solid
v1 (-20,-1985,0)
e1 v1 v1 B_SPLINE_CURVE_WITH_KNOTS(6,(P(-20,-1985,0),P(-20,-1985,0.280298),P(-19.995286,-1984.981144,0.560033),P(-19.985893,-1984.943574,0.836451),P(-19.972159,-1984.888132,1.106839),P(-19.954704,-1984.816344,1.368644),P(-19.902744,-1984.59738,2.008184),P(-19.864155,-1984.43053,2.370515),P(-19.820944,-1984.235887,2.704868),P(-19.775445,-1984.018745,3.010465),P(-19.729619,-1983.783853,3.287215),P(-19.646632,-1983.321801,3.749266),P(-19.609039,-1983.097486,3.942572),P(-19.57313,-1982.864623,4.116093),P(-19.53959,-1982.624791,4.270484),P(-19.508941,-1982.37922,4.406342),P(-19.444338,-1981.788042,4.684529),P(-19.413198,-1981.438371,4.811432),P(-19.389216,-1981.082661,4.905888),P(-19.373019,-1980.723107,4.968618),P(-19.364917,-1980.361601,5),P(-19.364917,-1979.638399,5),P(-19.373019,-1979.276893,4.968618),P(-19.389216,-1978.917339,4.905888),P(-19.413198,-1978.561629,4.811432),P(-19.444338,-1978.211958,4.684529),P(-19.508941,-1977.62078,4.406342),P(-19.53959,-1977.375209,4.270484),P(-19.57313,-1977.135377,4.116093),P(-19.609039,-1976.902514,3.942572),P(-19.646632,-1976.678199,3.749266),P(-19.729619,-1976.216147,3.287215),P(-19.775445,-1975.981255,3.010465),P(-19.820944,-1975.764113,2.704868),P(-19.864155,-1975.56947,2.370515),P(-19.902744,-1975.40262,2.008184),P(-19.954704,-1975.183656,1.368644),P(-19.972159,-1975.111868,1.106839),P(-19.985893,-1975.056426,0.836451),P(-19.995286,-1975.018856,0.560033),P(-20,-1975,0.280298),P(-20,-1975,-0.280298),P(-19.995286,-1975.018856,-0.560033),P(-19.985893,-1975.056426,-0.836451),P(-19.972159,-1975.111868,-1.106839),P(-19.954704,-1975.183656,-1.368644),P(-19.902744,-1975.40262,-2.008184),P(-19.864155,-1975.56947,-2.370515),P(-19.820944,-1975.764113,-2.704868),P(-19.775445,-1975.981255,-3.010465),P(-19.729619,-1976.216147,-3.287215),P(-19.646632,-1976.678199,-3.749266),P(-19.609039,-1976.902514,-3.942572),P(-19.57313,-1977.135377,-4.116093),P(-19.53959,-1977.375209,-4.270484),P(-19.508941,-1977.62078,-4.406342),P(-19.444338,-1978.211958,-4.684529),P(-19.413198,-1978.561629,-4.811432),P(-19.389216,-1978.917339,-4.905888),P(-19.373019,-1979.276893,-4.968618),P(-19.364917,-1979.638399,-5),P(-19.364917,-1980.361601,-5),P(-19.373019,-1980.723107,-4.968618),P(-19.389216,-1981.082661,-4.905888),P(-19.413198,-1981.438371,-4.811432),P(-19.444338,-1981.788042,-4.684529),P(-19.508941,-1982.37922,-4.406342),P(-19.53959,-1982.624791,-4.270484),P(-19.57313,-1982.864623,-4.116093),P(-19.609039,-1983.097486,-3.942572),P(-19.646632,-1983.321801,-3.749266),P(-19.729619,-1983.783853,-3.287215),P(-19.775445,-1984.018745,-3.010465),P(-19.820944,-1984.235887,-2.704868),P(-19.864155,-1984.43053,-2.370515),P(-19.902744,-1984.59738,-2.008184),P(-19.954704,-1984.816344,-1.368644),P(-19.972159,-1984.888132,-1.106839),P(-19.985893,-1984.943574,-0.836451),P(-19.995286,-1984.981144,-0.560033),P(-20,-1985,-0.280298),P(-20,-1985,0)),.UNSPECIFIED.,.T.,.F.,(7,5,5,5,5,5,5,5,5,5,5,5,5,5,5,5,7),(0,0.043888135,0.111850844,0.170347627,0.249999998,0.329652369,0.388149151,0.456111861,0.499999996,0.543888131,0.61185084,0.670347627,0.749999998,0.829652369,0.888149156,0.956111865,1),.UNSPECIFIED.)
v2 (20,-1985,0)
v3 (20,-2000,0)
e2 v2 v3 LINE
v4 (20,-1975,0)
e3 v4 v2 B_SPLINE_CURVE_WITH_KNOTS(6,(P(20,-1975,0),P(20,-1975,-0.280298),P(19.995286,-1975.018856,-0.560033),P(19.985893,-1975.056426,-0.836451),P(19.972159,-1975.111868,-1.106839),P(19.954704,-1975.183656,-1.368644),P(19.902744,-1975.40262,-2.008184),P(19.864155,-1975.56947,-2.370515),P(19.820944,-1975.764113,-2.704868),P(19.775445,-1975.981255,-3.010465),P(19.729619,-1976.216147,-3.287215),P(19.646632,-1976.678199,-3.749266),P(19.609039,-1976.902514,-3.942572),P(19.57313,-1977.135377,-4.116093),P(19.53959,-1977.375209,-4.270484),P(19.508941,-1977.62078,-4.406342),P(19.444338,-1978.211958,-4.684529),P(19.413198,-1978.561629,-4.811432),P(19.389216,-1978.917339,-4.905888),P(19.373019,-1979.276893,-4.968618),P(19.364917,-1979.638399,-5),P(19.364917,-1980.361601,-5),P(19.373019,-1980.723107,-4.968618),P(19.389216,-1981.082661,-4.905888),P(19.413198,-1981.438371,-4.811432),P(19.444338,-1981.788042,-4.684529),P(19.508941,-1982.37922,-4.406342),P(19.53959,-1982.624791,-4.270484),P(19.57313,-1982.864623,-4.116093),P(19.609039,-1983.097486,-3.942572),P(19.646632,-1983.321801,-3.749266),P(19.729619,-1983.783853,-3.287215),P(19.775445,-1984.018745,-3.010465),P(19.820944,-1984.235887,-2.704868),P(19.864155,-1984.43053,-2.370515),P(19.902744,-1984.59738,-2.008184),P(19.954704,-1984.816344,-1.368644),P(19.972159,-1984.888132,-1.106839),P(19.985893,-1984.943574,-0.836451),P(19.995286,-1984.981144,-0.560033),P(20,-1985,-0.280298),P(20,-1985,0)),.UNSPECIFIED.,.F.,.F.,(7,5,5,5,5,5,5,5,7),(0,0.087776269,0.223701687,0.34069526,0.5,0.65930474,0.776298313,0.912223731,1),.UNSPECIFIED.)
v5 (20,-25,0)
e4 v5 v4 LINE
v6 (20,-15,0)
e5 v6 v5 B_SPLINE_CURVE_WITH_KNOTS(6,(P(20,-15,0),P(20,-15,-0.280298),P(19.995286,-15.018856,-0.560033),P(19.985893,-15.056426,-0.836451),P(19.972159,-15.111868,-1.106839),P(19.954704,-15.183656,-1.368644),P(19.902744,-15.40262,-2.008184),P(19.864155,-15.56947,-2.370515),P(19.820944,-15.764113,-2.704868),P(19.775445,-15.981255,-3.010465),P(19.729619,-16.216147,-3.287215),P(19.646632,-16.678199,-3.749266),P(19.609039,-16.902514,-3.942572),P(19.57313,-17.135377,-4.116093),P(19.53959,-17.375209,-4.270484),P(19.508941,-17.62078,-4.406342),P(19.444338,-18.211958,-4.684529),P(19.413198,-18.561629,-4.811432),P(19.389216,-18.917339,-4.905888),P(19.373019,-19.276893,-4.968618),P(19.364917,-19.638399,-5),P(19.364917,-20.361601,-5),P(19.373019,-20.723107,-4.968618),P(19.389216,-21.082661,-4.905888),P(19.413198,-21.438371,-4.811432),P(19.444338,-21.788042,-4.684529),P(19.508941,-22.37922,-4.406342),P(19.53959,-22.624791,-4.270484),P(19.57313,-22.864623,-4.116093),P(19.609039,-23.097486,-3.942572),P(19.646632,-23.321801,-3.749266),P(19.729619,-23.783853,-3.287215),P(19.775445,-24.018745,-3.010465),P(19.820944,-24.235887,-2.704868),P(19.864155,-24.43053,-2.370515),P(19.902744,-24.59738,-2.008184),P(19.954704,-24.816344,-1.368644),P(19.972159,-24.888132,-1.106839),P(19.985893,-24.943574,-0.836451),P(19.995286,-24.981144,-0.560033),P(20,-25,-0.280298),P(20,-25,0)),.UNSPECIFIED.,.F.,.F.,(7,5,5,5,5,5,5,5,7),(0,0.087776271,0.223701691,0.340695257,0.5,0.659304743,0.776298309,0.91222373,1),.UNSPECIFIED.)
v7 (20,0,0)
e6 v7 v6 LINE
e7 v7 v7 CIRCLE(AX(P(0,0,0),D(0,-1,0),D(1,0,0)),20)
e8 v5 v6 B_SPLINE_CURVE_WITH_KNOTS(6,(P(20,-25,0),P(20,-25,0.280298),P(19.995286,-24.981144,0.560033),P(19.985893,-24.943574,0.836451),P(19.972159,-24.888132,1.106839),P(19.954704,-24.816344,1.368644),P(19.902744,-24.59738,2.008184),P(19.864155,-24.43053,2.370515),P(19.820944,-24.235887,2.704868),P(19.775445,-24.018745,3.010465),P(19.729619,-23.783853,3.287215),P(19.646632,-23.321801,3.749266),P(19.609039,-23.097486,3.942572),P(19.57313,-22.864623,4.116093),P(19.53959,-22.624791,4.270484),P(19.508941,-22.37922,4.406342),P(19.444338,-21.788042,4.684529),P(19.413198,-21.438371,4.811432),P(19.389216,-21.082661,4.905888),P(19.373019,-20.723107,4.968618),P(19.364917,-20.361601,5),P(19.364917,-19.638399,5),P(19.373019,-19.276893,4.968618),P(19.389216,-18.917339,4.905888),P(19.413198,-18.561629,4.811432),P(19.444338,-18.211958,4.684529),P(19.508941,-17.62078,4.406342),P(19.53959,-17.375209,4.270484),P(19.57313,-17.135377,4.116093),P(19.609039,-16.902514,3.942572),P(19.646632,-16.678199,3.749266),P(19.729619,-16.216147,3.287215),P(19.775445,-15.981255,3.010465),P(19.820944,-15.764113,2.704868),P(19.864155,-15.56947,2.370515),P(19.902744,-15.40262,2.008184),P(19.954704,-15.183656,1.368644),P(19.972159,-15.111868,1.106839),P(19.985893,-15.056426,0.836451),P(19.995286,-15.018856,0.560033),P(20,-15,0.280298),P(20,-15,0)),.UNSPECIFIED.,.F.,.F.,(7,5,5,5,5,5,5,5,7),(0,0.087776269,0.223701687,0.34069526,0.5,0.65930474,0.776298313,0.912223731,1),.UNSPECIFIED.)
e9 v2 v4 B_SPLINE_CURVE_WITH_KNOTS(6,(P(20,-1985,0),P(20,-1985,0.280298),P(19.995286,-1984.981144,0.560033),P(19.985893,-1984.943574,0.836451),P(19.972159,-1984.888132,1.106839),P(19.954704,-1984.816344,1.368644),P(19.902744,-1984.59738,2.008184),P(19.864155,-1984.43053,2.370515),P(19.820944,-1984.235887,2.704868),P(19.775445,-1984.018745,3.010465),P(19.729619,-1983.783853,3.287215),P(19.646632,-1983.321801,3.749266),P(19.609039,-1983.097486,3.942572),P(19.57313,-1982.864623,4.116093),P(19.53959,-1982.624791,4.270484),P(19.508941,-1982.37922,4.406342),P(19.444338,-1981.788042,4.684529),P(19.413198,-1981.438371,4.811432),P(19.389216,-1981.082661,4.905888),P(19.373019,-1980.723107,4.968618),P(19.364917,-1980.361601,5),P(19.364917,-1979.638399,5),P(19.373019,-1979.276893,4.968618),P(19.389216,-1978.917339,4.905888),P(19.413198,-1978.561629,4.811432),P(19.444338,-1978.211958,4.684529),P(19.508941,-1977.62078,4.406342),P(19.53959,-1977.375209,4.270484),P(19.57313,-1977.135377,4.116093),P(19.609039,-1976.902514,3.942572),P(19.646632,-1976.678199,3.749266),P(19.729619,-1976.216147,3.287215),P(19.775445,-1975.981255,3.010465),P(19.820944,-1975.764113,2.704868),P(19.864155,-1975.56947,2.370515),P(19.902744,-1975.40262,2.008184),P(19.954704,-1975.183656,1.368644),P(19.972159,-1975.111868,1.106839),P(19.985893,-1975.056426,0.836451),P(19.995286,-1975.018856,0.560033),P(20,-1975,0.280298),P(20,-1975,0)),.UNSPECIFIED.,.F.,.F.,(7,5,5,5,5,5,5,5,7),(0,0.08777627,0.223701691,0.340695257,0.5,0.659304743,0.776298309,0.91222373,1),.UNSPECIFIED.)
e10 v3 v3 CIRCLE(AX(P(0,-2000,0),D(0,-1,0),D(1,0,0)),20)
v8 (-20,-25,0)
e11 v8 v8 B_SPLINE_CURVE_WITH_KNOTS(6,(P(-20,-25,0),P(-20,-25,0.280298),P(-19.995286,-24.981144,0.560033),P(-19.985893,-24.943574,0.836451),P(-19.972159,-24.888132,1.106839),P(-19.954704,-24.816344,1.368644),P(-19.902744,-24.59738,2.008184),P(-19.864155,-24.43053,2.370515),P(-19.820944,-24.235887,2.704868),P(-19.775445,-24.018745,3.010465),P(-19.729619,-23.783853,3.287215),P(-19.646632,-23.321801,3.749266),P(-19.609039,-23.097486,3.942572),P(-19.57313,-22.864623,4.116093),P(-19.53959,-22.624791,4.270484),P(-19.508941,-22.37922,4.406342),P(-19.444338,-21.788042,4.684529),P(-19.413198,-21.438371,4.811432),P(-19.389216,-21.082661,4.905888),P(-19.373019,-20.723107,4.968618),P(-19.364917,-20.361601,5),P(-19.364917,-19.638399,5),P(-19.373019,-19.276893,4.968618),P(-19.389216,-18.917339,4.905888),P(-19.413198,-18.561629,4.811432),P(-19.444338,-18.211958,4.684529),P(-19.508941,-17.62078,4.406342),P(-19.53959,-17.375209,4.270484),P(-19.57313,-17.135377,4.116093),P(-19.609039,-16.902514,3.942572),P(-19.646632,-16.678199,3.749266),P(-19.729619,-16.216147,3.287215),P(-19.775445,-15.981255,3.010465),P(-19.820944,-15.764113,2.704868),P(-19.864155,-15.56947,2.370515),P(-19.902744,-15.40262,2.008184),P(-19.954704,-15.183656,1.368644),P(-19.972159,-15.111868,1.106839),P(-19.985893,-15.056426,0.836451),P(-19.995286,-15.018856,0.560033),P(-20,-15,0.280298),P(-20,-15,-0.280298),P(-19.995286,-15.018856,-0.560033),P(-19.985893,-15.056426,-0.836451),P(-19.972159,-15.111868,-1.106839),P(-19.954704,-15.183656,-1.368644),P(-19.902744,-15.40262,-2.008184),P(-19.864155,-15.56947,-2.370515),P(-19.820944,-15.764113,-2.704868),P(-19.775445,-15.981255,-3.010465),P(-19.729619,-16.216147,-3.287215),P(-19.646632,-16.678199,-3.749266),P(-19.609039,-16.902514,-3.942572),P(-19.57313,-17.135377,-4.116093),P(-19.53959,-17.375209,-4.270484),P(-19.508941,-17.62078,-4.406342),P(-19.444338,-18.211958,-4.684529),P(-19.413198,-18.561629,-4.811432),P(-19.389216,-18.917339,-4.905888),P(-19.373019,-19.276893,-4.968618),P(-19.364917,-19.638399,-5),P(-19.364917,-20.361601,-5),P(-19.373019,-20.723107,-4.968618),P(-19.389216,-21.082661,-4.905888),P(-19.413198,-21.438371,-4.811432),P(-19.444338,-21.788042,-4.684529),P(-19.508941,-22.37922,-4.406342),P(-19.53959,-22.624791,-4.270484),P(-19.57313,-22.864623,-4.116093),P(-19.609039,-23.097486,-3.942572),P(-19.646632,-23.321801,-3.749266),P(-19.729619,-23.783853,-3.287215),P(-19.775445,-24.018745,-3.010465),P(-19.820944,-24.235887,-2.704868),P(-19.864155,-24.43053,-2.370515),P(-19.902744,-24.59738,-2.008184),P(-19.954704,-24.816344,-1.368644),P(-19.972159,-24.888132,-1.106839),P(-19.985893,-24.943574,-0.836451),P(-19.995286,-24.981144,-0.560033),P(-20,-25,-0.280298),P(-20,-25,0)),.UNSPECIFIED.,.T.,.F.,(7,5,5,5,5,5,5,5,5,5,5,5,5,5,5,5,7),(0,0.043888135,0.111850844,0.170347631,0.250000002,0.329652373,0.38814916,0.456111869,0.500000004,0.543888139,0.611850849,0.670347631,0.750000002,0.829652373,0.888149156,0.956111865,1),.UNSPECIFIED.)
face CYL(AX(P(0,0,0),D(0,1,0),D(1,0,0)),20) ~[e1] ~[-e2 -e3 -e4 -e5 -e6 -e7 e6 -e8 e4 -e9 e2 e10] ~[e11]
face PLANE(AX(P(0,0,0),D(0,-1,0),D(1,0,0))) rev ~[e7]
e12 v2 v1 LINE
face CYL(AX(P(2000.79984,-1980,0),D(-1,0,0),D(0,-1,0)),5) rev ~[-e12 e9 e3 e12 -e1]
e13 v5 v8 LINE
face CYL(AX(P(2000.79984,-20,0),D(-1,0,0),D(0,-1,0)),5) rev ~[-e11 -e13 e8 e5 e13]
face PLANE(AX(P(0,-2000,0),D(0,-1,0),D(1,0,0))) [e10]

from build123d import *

# Parameters (mm, degrees)
F0_R     = 20
F1_DEPTH = 2000
F3_D     = 10
F4_D     = 10
F5_D     = 10
F6_D     = 10


with BuildPart() as f1:
    # F0 (on Front) → F1 (new body)
    with BuildSketch(Plane.XZ):
        Circle(F0_R)
    extrude(amount=F1_DEPTH)

    # F3 (through all)
    with Locations(Plane.YZ):
        with Locations((-1980, 0)):
            Hole(F3_D / 2)

    # F4 (through all)
    with Locations(Plane(origin=(0, 0, 0), x_dir=(0, 1, 0), z_dir=(-1, 0, 0))):
        with Locations((-1980, 0)):
            Hole(F4_D / 2)

    # F5 (through all)
    with Locations(Plane.YZ):
        with Locations((-20, 0)):
            Hole(F5_D / 2)

    # F6 (through all)
    with Locations(Plane(origin=(0, 0, 0), x_dir=(0, 1, 0), z_dir=(-1, 0, 0))):
        with Locations((-20, 0)):
            Hole(F6_D / 2)


solid = f1.part
